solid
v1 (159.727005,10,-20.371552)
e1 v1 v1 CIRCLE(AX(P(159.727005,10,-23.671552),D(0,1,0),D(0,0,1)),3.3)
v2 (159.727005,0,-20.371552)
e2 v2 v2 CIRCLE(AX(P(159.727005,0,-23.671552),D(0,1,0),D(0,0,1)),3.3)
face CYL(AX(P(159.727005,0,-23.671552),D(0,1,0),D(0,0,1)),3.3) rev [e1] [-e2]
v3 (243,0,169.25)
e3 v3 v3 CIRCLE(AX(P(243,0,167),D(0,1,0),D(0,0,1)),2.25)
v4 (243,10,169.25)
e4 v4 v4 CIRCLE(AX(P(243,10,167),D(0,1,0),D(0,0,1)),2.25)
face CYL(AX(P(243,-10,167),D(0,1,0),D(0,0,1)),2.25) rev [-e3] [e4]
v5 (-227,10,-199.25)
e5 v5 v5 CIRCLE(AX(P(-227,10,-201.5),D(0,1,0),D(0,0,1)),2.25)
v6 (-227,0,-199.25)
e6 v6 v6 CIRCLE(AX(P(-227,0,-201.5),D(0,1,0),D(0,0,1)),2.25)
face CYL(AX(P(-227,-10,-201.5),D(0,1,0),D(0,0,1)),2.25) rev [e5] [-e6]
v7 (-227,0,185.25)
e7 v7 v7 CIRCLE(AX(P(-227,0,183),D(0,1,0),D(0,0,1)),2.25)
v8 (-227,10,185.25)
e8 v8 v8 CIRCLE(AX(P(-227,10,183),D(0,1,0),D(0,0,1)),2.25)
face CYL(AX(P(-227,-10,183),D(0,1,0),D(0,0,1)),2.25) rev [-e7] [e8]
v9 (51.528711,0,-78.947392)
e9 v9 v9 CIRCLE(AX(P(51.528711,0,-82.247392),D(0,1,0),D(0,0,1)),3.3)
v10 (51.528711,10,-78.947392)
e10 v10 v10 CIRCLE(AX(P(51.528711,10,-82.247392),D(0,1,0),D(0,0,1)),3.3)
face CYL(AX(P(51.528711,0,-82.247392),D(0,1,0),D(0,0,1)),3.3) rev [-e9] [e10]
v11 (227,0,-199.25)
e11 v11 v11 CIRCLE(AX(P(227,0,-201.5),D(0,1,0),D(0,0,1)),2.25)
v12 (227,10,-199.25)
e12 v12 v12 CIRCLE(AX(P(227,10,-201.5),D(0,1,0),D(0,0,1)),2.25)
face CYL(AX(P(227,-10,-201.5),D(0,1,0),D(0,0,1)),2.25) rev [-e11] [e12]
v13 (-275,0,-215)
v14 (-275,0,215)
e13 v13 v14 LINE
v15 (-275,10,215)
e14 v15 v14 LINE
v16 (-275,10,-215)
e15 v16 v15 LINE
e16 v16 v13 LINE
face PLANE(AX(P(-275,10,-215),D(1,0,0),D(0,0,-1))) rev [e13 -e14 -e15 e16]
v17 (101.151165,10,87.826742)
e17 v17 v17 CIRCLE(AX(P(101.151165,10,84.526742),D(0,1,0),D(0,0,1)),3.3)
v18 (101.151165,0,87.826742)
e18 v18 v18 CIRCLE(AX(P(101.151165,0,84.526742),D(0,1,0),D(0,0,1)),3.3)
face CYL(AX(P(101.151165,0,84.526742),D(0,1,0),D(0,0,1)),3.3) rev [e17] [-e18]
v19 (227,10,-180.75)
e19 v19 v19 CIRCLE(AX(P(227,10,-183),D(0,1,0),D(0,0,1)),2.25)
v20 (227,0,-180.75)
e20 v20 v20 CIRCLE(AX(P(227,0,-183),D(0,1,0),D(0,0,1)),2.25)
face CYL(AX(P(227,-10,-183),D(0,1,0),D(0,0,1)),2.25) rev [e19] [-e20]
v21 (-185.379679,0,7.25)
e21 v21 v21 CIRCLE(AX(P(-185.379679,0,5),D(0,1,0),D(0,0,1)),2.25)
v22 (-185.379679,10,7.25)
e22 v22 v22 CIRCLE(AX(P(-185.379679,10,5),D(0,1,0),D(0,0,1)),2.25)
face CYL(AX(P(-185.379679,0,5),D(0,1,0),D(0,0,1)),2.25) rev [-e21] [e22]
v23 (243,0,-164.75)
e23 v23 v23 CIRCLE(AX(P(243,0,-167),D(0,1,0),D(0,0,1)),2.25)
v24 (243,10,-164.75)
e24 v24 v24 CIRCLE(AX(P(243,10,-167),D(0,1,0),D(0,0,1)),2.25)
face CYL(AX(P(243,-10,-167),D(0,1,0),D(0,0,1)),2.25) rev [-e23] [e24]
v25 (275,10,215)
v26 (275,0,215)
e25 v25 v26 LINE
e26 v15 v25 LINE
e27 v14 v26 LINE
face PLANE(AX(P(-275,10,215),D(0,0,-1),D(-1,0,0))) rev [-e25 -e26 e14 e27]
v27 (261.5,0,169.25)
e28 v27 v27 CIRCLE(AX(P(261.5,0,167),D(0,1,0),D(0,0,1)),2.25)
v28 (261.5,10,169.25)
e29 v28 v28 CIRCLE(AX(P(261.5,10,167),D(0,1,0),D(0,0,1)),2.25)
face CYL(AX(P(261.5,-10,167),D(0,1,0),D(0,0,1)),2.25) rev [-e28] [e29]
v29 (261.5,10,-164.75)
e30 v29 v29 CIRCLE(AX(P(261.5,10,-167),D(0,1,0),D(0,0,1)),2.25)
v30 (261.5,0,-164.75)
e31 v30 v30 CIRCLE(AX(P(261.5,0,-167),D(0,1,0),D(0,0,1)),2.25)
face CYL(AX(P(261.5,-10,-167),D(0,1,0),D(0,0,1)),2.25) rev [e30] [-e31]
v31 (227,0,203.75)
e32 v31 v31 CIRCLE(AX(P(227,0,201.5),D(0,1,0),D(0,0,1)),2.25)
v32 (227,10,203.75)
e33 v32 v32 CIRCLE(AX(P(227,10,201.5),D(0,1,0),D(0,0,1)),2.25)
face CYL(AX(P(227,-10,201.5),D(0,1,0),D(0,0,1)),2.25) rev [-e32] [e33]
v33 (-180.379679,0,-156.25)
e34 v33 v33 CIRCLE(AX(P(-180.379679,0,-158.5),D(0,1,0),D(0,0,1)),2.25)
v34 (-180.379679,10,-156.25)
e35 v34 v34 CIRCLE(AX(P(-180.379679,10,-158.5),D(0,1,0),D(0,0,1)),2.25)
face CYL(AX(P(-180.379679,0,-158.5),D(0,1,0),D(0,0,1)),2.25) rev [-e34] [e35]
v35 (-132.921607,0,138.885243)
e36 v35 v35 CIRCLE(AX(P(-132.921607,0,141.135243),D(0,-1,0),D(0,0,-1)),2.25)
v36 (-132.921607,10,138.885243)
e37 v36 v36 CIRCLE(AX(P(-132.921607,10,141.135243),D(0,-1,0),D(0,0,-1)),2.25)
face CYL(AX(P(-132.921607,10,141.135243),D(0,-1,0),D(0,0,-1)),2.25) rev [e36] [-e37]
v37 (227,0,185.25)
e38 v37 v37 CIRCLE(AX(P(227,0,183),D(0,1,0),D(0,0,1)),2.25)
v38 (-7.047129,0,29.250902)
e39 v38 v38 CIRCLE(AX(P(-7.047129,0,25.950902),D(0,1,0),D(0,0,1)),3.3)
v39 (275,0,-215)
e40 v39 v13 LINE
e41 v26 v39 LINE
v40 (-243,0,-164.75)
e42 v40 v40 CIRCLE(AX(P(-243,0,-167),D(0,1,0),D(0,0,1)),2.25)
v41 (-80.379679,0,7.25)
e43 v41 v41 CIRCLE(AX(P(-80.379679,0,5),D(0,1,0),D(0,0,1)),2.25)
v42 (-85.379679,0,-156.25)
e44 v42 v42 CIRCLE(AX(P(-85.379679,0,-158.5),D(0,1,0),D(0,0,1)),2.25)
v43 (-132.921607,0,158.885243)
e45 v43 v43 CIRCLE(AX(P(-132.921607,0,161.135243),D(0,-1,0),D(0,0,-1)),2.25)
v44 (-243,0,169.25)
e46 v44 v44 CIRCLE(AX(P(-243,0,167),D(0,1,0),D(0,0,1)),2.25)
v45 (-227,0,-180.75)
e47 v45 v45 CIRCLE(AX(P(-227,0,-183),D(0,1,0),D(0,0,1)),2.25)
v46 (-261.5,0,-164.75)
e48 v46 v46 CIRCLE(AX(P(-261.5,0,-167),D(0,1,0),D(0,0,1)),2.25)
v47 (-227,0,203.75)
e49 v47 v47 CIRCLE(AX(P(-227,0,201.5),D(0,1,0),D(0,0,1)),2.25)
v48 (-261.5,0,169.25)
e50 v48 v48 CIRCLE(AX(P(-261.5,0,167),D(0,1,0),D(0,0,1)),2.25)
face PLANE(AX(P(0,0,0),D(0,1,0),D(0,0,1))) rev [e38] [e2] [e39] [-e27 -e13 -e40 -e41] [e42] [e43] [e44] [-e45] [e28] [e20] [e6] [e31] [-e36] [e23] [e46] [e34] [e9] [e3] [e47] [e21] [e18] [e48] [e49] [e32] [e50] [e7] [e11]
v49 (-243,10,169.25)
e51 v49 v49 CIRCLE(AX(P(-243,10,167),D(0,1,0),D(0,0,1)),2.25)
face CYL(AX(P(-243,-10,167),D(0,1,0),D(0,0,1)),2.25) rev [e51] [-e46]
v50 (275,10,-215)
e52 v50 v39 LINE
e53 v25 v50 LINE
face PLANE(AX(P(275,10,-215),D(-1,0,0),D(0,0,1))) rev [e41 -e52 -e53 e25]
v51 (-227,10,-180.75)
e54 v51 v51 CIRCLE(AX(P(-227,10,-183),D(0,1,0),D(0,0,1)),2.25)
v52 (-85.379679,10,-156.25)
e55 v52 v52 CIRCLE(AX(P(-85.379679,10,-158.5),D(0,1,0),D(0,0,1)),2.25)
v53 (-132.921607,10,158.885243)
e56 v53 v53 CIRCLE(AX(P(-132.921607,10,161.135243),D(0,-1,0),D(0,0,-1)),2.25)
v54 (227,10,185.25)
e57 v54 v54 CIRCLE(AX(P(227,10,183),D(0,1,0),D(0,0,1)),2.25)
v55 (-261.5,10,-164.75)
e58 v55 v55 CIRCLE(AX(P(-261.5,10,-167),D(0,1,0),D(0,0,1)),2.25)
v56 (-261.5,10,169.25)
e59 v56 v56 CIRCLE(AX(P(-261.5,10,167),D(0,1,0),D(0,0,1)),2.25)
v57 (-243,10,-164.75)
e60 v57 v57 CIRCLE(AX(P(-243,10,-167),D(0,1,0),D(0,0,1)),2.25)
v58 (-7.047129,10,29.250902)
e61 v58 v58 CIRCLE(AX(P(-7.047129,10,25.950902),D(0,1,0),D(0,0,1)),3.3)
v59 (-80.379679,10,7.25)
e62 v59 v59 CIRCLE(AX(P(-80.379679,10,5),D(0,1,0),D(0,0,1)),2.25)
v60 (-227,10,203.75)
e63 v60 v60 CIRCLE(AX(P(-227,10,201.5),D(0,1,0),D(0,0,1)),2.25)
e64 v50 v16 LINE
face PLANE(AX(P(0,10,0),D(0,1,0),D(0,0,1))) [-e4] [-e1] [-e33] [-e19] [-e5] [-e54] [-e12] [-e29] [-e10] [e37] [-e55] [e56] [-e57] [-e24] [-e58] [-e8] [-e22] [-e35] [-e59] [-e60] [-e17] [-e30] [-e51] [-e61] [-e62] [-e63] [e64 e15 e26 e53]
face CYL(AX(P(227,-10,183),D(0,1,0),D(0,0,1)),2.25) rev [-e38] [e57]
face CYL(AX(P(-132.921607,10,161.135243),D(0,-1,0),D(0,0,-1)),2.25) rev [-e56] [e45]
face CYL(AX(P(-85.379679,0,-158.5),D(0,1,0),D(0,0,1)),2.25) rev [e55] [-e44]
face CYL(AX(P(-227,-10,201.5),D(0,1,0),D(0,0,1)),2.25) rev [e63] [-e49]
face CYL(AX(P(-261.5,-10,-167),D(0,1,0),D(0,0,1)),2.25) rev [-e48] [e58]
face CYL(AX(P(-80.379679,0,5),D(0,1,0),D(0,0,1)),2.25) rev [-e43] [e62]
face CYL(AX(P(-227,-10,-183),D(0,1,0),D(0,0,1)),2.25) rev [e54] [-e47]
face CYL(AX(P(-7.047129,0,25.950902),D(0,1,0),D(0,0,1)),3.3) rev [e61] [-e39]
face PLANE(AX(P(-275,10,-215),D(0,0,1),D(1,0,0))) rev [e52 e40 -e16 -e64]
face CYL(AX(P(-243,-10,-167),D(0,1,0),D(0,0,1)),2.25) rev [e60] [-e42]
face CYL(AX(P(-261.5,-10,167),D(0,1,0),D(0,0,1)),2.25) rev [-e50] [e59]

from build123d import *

# Parameters (mm, degrees)
SCHIZZO1_W                   = 550
SCHIZZO1_H                   = 430
ESTRUSIONE_ESTRUSIONE1_DEPTH = 10
SCHIZZO2_R                   = 2.25
TAGLIO_ESTRUSIONE1_DEPTH     = 20
SCHIZZO4_R                   = 3.3
TAGLIO_ESTRUSIONE2_DEPTH     = 10
SCHIZZO5_R                   = 2.25
TAGLIO_ESTRUSIONE3_DEPTH     = 10
SCHIZZO7_R                   = 2.25
TAGLIO_ESTRUSIONE4_DEPTH     = 10


with BuildPart() as part:
    # Schizzo1 → Estrusione-Estrusione1 (new body)
    with BuildSketch(Plane(origin=(0, 0, 0), x_dir=(1, 0, 0), z_dir=(0, 1, 0))):
        Rectangle(SCHIZZO1_W, SCHIZZO1_H)
    extrude(amount=ESTRUSIONE_ESTRUSIONE1_DEPTH)

    # Schizzo2 → Taglio-Estrusione1 (cut)
    with BuildSketch(Plane(origin=(0, 10, 0), x_dir=(1, 0, 0), z_dir=(0, 1, 0))):
        with Locations(Location((-227, 201.5, 0), (0, 0, 270))):
            Circle(SCHIZZO2_R)
        with Locations(Location((-227, 183, 0), (0, 0, 270))):
            Circle(SCHIZZO2_R)
        with Locations(Location((-243, 167, 0), (0, 0, 270))):
            Circle(SCHIZZO2_R)
        with Locations(Location((-261.5, 167, 0), (0, 0, 270))):
            Circle(SCHIZZO2_R)
        with Locations(Location((227, 201.5, 0), (0, 0, 270))):
            Circle(SCHIZZO2_R)
        with Locations(Location((227, 183, 0), (0, 0, 270))):
            Circle(SCHIZZO2_R)
        with Locations(Location((243, 167, 0), (0, 0, 270))):
            Circle(SCHIZZO2_R)
        with Locations(Location((261.5, 167, 0), (0, 0, 270))):
            Circle(SCHIZZO2_R)
        with Locations(Location((261.5, -167, 0), (0, 0, 270))):
            Circle(SCHIZZO2_R)
        with Locations(Location((243, -167, 0), (0, 0, 270))):
            Circle(SCHIZZO2_R)
        with Locations(Location((227, -183, 0), (0, 0, 270))):
            Circle(SCHIZZO2_R)
        with Locations(Location((227, -201.5, 0), (0, 0, 270))):
            Circle(SCHIZZO2_R)
        with Locations(Location((-227, -201.5, 0), (0, 0, 270))):
            Circle(SCHIZZO2_R)
        with Locations(Location((-227, -183, 0), (0, 0, 270))):
            Circle(SCHIZZO2_R)
        with Locations(Location((-243, -167, 0), (0, 0, 270))):
            Circle(SCHIZZO2_R)
        with Locations(Location((-261.5, -167, 0), (0, 0, 270))):
            Circle(SCHIZZO2_R)
    extrude(amount=-TAGLIO_ESTRUSIONE1_DEPTH, mode=Mode.SUBTRACT)

    # Schizzo4 → Taglio-Estrusione2 (cut)
    with BuildSketch(Plane(origin=(0, 10, 0), x_dir=(1, 0, 0), z_dir=(0, 1, 0))):
        with Locations(Location((101.151165148, -84.526742387, 0), (0, 0, 270))):
            Circle(SCHIZZO4_R)
        with Locations(Location((159.727005387, 23.671552148, 0), (0, 0, 270))):
            Circle(SCHIZZO4_R)
        with Locations(Location((51.528710852, 82.247392387, 0), (0, 0, 270))):
            Circle(SCHIZZO4_R)
        with Locations(Location((-7.047129387, -25.950902148, 0), (0, 0, 270))):
            Circle(SCHIZZO4_R)
    extrude(amount=-TAGLIO_ESTRUSIONE2_DEPTH, mode=Mode.SUBTRACT)

    # Schizzo5 → Taglio-Estrusione3 (cut)
    with BuildSketch(Plane.XZ):
        with Locations(Location((-132.921607377, 161.135242981, 0), (0, 0, 270))):
            Circle(SCHIZZO5_R)
        with Locations(Location((-132.921607377, 141.135242981, 0), (0, 0, 270))):
            Circle(SCHIZZO5_R)
    extrude(amount=-TAGLIO_ESTRUSIONE3_DEPTH, mode=Mode.SUBTRACT)

    # Schizzo7 → Taglio-Estrusione4 (cut)
    with BuildSketch(Plane(origin=(0, 10, 0), x_dir=(1, 0, 0), z_dir=(0, 1, 0))):
        with Locations(Location((-180.379679, 158.5, 0), (0, 0, 270))):
            Circle(SCHIZZO7_R)
        with Locations(Location((-85.379679, 158.5, 0), (0, 0, 270))):
            Circle(SCHIZZO7_R)
        with Locations(Location((-80.379679, -5, 0), (0, 0, 270))):
            Circle(SCHIZZO7_R)
        with Locations(Location((-185.379679, -5, 0), (0, 0, 270))):
            Circle(SCHIZZO7_R)
    extrude(amount=-TAGLIO_ESTRUSIONE4_DEPTH, mode=Mode.SUBTRACT)


solid = part.part
